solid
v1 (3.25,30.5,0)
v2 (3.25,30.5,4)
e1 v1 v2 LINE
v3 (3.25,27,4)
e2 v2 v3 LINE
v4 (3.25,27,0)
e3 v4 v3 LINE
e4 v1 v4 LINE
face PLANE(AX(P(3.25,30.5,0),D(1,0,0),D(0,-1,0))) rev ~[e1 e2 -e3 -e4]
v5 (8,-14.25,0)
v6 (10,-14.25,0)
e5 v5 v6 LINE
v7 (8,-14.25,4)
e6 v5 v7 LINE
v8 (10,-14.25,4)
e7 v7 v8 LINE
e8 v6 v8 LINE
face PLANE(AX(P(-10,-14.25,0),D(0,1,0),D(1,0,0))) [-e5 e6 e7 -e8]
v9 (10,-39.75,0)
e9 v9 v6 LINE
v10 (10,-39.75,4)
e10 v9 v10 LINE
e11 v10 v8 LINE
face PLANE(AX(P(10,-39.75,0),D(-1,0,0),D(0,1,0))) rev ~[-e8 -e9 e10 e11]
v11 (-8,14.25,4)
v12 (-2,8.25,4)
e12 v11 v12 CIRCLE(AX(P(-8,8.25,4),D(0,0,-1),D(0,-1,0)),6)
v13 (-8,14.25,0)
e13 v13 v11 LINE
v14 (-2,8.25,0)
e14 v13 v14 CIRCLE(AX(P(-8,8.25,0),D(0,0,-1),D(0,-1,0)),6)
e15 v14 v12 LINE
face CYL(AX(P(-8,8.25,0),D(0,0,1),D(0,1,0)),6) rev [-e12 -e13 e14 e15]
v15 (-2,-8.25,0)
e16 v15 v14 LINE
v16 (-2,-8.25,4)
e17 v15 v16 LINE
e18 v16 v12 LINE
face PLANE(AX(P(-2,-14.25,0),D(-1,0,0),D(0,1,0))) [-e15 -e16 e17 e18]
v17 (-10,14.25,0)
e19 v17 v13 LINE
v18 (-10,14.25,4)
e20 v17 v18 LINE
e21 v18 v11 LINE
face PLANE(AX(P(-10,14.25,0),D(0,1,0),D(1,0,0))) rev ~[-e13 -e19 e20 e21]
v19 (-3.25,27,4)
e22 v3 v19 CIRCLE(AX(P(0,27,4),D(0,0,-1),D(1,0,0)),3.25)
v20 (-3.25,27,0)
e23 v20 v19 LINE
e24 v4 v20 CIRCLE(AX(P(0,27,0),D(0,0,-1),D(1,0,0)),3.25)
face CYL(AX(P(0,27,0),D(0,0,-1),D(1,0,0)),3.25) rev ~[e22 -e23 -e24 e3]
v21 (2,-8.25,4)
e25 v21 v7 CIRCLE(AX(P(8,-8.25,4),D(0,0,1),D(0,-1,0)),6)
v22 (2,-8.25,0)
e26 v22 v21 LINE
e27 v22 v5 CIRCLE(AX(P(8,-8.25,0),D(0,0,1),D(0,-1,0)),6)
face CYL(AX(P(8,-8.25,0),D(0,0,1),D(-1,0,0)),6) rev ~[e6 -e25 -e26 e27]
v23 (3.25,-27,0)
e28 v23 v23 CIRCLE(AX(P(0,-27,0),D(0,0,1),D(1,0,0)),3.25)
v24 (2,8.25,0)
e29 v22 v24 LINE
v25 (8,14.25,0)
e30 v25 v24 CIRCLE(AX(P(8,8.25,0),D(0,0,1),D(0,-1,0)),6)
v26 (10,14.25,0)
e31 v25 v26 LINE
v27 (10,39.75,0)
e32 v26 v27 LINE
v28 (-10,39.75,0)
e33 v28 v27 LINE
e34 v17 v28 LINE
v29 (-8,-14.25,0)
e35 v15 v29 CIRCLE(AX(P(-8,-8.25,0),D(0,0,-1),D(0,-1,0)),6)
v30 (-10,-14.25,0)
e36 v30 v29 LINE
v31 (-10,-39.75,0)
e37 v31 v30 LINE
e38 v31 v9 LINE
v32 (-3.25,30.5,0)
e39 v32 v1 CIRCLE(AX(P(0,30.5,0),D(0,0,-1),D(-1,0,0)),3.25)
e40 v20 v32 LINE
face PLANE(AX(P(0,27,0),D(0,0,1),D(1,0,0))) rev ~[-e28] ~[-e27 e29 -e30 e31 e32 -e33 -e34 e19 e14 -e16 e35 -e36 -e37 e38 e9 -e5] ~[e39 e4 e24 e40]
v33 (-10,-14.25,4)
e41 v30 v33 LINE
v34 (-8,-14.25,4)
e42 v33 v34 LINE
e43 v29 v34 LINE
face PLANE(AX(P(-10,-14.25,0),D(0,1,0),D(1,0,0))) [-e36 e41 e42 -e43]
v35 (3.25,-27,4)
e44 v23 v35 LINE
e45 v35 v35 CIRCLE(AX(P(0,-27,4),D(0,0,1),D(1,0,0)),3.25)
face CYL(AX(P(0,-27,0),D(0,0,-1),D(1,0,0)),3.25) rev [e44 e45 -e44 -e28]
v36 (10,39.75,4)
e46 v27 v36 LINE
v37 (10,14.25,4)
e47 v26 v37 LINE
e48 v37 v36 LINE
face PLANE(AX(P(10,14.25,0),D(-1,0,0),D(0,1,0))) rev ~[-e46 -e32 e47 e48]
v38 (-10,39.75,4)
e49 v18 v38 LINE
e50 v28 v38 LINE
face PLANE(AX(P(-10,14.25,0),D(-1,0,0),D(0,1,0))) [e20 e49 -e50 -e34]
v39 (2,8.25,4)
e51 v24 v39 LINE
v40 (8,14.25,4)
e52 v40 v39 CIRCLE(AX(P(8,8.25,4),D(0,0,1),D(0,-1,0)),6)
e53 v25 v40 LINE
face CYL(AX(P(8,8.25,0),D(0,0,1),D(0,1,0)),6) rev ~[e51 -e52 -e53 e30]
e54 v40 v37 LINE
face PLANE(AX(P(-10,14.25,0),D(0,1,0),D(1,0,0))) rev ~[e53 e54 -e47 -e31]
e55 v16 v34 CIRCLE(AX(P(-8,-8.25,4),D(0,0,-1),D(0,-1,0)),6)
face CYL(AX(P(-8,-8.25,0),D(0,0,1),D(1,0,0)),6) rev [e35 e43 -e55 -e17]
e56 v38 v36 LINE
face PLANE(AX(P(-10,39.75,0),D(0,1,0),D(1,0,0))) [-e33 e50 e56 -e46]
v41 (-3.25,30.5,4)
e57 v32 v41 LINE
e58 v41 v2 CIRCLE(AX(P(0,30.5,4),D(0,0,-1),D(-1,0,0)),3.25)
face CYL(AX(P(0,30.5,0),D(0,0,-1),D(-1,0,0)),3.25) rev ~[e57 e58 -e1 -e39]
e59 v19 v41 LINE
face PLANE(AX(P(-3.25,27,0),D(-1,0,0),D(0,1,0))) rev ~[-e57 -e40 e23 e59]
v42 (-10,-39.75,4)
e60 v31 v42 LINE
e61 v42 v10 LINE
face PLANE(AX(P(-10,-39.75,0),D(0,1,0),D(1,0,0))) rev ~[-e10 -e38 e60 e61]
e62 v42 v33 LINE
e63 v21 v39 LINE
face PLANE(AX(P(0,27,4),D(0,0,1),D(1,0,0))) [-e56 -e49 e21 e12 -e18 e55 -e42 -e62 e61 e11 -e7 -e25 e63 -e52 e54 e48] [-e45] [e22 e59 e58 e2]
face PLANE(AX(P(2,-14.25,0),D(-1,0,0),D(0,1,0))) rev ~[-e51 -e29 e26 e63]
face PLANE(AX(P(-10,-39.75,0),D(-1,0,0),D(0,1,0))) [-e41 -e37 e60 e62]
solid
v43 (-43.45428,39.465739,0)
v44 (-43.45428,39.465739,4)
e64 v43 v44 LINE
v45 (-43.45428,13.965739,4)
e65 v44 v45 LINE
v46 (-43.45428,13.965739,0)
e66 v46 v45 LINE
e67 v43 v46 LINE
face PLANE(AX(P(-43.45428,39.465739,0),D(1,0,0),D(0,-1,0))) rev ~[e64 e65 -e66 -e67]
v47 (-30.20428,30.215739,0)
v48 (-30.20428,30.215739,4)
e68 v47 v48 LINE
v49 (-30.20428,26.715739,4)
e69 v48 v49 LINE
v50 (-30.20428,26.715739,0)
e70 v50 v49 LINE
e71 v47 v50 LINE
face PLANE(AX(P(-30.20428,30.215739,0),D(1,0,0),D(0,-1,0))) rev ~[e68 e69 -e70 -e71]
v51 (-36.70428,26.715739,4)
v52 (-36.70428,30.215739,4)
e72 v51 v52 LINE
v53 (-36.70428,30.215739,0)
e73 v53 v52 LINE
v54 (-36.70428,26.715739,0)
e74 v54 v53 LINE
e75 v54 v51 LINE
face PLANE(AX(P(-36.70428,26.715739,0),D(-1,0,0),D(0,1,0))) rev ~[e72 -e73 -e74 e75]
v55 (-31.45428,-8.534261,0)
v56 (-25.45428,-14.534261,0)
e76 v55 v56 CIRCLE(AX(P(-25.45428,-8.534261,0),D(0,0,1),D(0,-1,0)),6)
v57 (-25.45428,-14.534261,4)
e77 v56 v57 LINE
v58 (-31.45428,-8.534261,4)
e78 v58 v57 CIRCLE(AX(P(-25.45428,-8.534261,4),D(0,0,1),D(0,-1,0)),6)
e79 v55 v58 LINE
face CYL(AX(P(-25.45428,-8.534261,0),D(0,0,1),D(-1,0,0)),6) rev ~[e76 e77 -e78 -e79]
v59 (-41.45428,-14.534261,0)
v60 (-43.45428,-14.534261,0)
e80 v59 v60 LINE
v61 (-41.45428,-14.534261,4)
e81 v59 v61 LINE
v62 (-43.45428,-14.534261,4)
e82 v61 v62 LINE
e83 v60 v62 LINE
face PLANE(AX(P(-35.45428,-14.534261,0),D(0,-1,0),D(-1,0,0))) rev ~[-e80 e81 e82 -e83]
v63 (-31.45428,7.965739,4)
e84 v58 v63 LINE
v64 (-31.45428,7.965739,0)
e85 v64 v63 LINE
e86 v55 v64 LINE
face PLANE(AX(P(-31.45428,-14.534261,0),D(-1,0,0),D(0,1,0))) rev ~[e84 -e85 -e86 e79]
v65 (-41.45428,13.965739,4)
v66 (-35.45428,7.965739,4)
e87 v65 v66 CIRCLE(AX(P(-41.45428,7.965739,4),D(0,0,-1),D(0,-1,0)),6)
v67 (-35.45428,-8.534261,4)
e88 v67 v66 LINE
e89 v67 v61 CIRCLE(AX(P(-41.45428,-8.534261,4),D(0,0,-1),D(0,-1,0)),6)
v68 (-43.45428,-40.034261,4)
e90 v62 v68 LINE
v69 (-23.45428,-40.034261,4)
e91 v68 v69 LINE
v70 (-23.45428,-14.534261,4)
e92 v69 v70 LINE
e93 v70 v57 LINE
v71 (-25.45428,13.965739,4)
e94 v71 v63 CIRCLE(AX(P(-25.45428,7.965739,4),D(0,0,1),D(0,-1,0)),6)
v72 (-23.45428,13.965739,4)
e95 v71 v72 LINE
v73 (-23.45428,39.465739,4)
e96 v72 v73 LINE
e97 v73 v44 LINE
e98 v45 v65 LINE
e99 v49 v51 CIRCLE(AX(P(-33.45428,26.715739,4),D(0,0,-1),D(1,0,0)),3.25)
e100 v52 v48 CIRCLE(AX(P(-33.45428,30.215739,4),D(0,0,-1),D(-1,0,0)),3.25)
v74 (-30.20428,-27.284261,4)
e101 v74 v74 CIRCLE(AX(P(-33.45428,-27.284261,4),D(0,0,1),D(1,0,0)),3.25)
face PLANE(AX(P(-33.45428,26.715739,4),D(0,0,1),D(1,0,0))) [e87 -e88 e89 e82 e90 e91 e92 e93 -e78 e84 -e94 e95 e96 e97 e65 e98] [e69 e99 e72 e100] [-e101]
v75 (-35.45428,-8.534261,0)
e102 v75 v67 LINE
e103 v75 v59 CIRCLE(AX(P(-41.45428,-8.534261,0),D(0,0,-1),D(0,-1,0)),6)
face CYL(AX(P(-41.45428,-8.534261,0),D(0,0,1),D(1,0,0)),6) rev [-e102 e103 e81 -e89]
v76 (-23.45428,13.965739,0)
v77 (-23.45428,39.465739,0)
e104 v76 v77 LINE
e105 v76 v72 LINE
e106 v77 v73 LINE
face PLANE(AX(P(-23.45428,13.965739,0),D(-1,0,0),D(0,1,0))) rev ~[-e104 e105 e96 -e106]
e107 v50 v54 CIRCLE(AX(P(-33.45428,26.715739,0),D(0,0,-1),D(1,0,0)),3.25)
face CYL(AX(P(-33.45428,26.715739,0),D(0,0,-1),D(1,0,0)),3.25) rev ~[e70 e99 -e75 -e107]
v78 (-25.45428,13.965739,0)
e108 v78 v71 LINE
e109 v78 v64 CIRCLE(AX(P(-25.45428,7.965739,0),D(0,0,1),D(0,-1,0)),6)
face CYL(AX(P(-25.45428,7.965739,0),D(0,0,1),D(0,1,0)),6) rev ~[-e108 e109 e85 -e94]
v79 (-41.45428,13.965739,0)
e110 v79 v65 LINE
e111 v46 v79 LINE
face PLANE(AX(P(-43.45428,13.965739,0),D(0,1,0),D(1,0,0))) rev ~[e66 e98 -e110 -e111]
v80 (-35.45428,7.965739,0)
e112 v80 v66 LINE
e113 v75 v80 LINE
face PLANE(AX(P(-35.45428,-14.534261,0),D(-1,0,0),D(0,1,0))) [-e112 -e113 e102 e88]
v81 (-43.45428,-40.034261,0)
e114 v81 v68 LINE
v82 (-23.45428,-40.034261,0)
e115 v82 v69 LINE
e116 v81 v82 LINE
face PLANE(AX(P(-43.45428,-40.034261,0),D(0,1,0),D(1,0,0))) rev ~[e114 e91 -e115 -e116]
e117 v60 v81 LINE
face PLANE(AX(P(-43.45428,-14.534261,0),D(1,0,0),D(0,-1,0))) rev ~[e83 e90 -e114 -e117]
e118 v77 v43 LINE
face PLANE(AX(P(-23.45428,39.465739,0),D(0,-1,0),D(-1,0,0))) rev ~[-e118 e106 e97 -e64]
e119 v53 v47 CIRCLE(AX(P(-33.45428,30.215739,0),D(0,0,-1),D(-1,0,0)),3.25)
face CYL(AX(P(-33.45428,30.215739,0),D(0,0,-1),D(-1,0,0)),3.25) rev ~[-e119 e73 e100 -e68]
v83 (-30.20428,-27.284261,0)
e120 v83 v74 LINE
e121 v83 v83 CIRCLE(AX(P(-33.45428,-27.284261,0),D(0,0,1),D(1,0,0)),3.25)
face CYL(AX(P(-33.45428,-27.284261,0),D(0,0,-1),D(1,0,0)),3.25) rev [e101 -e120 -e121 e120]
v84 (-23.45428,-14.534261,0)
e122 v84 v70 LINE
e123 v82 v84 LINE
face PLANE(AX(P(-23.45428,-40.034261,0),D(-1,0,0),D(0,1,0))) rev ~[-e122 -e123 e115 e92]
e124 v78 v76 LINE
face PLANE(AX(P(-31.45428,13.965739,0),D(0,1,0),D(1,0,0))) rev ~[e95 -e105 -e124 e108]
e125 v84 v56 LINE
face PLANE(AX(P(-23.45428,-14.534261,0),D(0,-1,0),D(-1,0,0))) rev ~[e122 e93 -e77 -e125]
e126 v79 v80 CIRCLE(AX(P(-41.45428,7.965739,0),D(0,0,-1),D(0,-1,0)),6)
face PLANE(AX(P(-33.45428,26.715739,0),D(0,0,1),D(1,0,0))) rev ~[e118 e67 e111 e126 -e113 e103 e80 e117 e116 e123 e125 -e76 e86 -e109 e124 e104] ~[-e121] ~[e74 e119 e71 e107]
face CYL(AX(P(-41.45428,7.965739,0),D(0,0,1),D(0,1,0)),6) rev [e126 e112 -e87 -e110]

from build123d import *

# Parameters (mm, degrees)
F0_W     = 20
F0_H     = 25.5
F0_R     = 3.25
F0_W_2   = 4
F0_H_2   = 28.5
F1_DEPTH = 4
F2_W     = 4
F2_H     = 28.5
F3_DEPTH = 4
F4_R     = 6


with BuildPart() as f1:
    # F0 (on Top) → F1 (new body)
    with BuildSketch(Plane.XY):
        with Locations((0, 27)):
            Rectangle(F0_W, F0_H)
        with BuildLine():
            Line((-3.25, 27), (-3.25, 30.5))
            ThreePointArc((-3.25, 30.5), (0, 33.75), (3.25, 30.5))
            Line((3.25, 30.5), (3.25, 27))
            ThreePointArc((3.25, 27), (0, 23.75), (-3.25, 27))
        make_face(mode=Mode.SUBTRACT)
        with Locations((0, -27)):
            Rectangle(F0_W, F0_H)
        with Locations((0, -27)):
            Circle(F0_R, mode=Mode.SUBTRACT)
        Polygon((-23.45428, 39.465739), (-43.45428, 39.465739), (-43.45428, 13.965739), (-35.45428, 13.965739), (-31.45428, 13.965739), (-23.45428, 13.965739), align=None)
        with BuildLine():
            Line((-36.70428, 26.715739), (-36.70428, 30.215739))
            ThreePointArc((-36.70428, 30.215739), (-33.45428, 33.465739), (-30.20428, 30.215739))
            Line((-30.20428, 30.215739), (-30.20428, 26.715739))
            ThreePointArc((-30.20428, 26.715739), (-33.45428, 23.465739), (-36.70428, 26.715739))
        make_face(mode=Mode.SUBTRACT)
        with Locations((-33.45428, -0.284261)):
            Rectangle(F0_W_2, F0_H_2)
        Polygon((-31.45428, -14.534261), (-35.45428, -14.534261), (-43.45428, -14.534261), (-43.45428, -40.034261), (-23.45428, -40.034261), (-23.45428, -14.534261), align=None)
        with Locations((-33.45428, -27.284261)):
            Circle(F0_R, mode=Mode.SUBTRACT)
    extrude(amount=F1_DEPTH)

    # F2 (on Top) → F3 (join)
    with BuildSketch(Plane.XY):
        Rectangle(F2_W, F2_H)
    extrude(amount=F3_DEPTH)

    # F4
    f4_edges = [f1.edges().sort_by_distance(p)[0] for p in [
        (-2, 14.25, 2),
        (2, 14.25, 2),
        (2, -14.25, 2),
        (-2, -14.25, 2),
        (-35.45428, 13.965739, 2),
        (-31.45428, 13.965739, 2),
        (-31.45428, -14.534261, 2),
        (-35.45428, -14.534261, 2),
    ]]
    fillet(f4_edges, radius=F4_R)


solid = f1.part
